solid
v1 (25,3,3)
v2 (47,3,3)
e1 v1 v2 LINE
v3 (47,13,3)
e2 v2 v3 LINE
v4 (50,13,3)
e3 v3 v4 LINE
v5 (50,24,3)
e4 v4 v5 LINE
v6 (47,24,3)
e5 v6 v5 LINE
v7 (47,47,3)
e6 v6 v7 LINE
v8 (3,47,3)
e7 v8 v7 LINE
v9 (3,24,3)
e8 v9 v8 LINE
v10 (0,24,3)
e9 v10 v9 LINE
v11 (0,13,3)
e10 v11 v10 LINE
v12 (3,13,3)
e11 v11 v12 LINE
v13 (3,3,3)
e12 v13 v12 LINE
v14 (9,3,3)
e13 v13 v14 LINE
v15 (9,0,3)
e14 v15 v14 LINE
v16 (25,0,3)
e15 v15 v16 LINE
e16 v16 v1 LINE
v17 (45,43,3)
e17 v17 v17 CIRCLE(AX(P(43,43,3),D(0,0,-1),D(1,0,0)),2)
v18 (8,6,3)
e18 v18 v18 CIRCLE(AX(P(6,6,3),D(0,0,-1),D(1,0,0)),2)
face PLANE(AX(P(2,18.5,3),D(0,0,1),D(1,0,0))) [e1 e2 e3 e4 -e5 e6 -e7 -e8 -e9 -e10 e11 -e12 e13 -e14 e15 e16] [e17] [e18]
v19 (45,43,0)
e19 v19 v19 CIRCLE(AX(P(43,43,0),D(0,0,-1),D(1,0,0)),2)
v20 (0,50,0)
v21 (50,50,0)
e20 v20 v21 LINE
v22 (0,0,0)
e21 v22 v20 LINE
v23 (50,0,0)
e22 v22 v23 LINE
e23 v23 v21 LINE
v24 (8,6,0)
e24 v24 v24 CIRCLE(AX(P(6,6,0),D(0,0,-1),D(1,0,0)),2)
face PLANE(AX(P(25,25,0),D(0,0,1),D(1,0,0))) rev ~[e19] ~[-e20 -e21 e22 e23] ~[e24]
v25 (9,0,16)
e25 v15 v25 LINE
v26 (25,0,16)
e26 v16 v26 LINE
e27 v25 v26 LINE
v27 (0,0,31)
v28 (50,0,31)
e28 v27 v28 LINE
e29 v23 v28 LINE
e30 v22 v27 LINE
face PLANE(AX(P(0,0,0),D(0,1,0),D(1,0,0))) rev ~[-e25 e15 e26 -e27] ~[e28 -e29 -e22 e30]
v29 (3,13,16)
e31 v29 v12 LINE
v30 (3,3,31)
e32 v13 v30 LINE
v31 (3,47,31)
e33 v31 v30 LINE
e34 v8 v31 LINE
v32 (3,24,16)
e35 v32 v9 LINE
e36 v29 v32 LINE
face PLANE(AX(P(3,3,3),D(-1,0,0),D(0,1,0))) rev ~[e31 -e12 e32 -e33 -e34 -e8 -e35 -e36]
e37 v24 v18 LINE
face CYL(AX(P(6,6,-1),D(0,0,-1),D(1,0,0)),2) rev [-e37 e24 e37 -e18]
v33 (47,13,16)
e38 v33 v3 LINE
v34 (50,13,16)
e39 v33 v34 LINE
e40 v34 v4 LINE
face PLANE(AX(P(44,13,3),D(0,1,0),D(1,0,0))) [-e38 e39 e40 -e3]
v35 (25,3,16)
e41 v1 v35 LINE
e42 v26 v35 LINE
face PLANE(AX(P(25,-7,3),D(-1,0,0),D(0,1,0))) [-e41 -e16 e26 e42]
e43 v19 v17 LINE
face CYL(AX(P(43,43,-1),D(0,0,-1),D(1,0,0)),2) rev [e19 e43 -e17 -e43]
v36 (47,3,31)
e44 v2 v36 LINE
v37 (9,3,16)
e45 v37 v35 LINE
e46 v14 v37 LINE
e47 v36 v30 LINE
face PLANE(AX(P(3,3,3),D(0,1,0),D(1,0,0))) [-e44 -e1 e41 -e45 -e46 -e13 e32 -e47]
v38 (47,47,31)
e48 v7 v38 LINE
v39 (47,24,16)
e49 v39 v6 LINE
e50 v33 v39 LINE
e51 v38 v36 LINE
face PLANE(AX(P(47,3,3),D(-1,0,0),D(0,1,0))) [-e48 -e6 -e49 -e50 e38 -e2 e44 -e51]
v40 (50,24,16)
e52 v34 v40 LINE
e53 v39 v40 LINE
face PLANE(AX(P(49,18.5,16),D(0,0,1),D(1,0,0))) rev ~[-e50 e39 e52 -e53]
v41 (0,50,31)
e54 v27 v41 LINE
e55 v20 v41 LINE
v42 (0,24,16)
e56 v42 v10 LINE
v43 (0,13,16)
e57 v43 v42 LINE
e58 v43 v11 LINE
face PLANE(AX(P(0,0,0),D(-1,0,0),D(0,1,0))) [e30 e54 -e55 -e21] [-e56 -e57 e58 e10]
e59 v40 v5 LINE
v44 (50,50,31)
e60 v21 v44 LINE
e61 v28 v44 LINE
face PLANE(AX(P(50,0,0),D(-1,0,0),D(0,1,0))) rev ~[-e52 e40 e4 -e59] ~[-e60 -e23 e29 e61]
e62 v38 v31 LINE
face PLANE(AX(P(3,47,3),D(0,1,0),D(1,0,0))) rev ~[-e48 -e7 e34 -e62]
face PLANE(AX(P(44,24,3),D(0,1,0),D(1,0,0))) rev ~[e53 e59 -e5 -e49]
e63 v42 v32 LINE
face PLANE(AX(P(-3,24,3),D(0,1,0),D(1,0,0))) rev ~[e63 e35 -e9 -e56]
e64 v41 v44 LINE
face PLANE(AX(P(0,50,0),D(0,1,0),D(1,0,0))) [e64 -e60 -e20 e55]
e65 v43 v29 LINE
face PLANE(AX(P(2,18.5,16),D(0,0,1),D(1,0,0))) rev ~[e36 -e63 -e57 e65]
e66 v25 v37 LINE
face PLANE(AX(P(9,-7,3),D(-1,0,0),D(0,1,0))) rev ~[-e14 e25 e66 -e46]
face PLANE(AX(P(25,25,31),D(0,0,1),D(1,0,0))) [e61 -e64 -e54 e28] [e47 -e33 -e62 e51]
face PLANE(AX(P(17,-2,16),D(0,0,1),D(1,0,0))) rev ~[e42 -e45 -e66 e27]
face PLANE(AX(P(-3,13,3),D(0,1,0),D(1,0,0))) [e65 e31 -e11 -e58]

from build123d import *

# Parameters (mm, degrees)
CYLINDER_R     = 2
CYLINDER_DEPTH = 10
BOX003_W       = 10
BOX003_H       = 11
BOX003_DEPTH   = 13
BOX002_W       = 16
BOX002_H       = 10
BOX002_DEPTH   = 13
BOX001_W       = 44
BOX001_H       = 44
BOX001_DEPTH   = 29
BOX_W          = 50
BOX_H          = 50
BOX_DEPTH      = 31


with BuildPart() as cylinder:
    # Cylinder → Cylinder (new body)
    with BuildSketch(Plane(origin=(6, 6, -1), x_dir=(1, 0, 0), z_dir=(0, 0, 1))):
        Circle(CYLINDER_R)
    extrude(amount=CYLINDER_DEPTH)


with BuildPart() as cylinder001:
    # Link001 base: copy of Cylinder
    add(cylinder.part)


with BuildPart() as cylinder001_1:
    # Link001 placement: moved
    add(cylinder001.part.moved(Location((37, 37, 0))))


with BuildPart() as cube003:
    # Box003 → Box003 (new body)
    with BuildSketch(Plane(origin=(-3, 13, 3), x_dir=(1, 0, 0), z_dir=(0, 0, 1))):
        with Locations((5, 5.5)):
            Rectangle(BOX003_W, BOX003_H)
    extrude(amount=BOX003_DEPTH)


with BuildPart() as cube004:
    # Link base: copy of Cube003
    add(cube003.part)


with BuildPart() as cube004_1:
    # Link placement: moved
    add(cube004.part.moved(Location((47, 0, 0))))


with BuildPart() as cube002:
    # Box002 → Box002 (new body)
    with BuildSketch(Plane(origin=(9, -7, 3), x_dir=(1, 0, 0), z_dir=(0, 0, 1))):
        with Locations((8, 5)):
            Rectangle(BOX002_W, BOX002_H)
    extrude(amount=BOX002_DEPTH)


with BuildPart() as cube001:
    # Box001 → Box001 (new body)
    with BuildSketch(Plane(origin=(3, 3, 3), x_dir=(1, 0, 0), z_dir=(0, 0, 1))):
        with Locations((22, 22)):
            Rectangle(BOX001_W, BOX001_H)
    extrude(amount=BOX001_DEPTH)


with BuildPart() as cut005:
    # Box → Box (new body)
    with BuildSketch(Plane.XY):
        with Locations((25, 25)):
            Rectangle(BOX_W, BOX_H)
    extrude(amount=BOX_DEPTH)

    # Cut: cut Cube001
    add(cube001.part, mode=Mode.SUBTRACT)

    # Cut001: cut Cube002
    add(cube002.part, mode=Mode.SUBTRACT)

    # Cut002: cut Cube003
    add(cube003.part, mode=Mode.SUBTRACT)

    # Cut003: cut Cube004
    add(cube004_1.part, mode=Mode.SUBTRACT)

    # Cut004: cut Cylinder
    add(cylinder.part, mode=Mode.SUBTRACT)

    # Cut005: cut Cylinder001
    add(cylinder001_1.part, mode=Mode.SUBTRACT)


solid = cut005.part
